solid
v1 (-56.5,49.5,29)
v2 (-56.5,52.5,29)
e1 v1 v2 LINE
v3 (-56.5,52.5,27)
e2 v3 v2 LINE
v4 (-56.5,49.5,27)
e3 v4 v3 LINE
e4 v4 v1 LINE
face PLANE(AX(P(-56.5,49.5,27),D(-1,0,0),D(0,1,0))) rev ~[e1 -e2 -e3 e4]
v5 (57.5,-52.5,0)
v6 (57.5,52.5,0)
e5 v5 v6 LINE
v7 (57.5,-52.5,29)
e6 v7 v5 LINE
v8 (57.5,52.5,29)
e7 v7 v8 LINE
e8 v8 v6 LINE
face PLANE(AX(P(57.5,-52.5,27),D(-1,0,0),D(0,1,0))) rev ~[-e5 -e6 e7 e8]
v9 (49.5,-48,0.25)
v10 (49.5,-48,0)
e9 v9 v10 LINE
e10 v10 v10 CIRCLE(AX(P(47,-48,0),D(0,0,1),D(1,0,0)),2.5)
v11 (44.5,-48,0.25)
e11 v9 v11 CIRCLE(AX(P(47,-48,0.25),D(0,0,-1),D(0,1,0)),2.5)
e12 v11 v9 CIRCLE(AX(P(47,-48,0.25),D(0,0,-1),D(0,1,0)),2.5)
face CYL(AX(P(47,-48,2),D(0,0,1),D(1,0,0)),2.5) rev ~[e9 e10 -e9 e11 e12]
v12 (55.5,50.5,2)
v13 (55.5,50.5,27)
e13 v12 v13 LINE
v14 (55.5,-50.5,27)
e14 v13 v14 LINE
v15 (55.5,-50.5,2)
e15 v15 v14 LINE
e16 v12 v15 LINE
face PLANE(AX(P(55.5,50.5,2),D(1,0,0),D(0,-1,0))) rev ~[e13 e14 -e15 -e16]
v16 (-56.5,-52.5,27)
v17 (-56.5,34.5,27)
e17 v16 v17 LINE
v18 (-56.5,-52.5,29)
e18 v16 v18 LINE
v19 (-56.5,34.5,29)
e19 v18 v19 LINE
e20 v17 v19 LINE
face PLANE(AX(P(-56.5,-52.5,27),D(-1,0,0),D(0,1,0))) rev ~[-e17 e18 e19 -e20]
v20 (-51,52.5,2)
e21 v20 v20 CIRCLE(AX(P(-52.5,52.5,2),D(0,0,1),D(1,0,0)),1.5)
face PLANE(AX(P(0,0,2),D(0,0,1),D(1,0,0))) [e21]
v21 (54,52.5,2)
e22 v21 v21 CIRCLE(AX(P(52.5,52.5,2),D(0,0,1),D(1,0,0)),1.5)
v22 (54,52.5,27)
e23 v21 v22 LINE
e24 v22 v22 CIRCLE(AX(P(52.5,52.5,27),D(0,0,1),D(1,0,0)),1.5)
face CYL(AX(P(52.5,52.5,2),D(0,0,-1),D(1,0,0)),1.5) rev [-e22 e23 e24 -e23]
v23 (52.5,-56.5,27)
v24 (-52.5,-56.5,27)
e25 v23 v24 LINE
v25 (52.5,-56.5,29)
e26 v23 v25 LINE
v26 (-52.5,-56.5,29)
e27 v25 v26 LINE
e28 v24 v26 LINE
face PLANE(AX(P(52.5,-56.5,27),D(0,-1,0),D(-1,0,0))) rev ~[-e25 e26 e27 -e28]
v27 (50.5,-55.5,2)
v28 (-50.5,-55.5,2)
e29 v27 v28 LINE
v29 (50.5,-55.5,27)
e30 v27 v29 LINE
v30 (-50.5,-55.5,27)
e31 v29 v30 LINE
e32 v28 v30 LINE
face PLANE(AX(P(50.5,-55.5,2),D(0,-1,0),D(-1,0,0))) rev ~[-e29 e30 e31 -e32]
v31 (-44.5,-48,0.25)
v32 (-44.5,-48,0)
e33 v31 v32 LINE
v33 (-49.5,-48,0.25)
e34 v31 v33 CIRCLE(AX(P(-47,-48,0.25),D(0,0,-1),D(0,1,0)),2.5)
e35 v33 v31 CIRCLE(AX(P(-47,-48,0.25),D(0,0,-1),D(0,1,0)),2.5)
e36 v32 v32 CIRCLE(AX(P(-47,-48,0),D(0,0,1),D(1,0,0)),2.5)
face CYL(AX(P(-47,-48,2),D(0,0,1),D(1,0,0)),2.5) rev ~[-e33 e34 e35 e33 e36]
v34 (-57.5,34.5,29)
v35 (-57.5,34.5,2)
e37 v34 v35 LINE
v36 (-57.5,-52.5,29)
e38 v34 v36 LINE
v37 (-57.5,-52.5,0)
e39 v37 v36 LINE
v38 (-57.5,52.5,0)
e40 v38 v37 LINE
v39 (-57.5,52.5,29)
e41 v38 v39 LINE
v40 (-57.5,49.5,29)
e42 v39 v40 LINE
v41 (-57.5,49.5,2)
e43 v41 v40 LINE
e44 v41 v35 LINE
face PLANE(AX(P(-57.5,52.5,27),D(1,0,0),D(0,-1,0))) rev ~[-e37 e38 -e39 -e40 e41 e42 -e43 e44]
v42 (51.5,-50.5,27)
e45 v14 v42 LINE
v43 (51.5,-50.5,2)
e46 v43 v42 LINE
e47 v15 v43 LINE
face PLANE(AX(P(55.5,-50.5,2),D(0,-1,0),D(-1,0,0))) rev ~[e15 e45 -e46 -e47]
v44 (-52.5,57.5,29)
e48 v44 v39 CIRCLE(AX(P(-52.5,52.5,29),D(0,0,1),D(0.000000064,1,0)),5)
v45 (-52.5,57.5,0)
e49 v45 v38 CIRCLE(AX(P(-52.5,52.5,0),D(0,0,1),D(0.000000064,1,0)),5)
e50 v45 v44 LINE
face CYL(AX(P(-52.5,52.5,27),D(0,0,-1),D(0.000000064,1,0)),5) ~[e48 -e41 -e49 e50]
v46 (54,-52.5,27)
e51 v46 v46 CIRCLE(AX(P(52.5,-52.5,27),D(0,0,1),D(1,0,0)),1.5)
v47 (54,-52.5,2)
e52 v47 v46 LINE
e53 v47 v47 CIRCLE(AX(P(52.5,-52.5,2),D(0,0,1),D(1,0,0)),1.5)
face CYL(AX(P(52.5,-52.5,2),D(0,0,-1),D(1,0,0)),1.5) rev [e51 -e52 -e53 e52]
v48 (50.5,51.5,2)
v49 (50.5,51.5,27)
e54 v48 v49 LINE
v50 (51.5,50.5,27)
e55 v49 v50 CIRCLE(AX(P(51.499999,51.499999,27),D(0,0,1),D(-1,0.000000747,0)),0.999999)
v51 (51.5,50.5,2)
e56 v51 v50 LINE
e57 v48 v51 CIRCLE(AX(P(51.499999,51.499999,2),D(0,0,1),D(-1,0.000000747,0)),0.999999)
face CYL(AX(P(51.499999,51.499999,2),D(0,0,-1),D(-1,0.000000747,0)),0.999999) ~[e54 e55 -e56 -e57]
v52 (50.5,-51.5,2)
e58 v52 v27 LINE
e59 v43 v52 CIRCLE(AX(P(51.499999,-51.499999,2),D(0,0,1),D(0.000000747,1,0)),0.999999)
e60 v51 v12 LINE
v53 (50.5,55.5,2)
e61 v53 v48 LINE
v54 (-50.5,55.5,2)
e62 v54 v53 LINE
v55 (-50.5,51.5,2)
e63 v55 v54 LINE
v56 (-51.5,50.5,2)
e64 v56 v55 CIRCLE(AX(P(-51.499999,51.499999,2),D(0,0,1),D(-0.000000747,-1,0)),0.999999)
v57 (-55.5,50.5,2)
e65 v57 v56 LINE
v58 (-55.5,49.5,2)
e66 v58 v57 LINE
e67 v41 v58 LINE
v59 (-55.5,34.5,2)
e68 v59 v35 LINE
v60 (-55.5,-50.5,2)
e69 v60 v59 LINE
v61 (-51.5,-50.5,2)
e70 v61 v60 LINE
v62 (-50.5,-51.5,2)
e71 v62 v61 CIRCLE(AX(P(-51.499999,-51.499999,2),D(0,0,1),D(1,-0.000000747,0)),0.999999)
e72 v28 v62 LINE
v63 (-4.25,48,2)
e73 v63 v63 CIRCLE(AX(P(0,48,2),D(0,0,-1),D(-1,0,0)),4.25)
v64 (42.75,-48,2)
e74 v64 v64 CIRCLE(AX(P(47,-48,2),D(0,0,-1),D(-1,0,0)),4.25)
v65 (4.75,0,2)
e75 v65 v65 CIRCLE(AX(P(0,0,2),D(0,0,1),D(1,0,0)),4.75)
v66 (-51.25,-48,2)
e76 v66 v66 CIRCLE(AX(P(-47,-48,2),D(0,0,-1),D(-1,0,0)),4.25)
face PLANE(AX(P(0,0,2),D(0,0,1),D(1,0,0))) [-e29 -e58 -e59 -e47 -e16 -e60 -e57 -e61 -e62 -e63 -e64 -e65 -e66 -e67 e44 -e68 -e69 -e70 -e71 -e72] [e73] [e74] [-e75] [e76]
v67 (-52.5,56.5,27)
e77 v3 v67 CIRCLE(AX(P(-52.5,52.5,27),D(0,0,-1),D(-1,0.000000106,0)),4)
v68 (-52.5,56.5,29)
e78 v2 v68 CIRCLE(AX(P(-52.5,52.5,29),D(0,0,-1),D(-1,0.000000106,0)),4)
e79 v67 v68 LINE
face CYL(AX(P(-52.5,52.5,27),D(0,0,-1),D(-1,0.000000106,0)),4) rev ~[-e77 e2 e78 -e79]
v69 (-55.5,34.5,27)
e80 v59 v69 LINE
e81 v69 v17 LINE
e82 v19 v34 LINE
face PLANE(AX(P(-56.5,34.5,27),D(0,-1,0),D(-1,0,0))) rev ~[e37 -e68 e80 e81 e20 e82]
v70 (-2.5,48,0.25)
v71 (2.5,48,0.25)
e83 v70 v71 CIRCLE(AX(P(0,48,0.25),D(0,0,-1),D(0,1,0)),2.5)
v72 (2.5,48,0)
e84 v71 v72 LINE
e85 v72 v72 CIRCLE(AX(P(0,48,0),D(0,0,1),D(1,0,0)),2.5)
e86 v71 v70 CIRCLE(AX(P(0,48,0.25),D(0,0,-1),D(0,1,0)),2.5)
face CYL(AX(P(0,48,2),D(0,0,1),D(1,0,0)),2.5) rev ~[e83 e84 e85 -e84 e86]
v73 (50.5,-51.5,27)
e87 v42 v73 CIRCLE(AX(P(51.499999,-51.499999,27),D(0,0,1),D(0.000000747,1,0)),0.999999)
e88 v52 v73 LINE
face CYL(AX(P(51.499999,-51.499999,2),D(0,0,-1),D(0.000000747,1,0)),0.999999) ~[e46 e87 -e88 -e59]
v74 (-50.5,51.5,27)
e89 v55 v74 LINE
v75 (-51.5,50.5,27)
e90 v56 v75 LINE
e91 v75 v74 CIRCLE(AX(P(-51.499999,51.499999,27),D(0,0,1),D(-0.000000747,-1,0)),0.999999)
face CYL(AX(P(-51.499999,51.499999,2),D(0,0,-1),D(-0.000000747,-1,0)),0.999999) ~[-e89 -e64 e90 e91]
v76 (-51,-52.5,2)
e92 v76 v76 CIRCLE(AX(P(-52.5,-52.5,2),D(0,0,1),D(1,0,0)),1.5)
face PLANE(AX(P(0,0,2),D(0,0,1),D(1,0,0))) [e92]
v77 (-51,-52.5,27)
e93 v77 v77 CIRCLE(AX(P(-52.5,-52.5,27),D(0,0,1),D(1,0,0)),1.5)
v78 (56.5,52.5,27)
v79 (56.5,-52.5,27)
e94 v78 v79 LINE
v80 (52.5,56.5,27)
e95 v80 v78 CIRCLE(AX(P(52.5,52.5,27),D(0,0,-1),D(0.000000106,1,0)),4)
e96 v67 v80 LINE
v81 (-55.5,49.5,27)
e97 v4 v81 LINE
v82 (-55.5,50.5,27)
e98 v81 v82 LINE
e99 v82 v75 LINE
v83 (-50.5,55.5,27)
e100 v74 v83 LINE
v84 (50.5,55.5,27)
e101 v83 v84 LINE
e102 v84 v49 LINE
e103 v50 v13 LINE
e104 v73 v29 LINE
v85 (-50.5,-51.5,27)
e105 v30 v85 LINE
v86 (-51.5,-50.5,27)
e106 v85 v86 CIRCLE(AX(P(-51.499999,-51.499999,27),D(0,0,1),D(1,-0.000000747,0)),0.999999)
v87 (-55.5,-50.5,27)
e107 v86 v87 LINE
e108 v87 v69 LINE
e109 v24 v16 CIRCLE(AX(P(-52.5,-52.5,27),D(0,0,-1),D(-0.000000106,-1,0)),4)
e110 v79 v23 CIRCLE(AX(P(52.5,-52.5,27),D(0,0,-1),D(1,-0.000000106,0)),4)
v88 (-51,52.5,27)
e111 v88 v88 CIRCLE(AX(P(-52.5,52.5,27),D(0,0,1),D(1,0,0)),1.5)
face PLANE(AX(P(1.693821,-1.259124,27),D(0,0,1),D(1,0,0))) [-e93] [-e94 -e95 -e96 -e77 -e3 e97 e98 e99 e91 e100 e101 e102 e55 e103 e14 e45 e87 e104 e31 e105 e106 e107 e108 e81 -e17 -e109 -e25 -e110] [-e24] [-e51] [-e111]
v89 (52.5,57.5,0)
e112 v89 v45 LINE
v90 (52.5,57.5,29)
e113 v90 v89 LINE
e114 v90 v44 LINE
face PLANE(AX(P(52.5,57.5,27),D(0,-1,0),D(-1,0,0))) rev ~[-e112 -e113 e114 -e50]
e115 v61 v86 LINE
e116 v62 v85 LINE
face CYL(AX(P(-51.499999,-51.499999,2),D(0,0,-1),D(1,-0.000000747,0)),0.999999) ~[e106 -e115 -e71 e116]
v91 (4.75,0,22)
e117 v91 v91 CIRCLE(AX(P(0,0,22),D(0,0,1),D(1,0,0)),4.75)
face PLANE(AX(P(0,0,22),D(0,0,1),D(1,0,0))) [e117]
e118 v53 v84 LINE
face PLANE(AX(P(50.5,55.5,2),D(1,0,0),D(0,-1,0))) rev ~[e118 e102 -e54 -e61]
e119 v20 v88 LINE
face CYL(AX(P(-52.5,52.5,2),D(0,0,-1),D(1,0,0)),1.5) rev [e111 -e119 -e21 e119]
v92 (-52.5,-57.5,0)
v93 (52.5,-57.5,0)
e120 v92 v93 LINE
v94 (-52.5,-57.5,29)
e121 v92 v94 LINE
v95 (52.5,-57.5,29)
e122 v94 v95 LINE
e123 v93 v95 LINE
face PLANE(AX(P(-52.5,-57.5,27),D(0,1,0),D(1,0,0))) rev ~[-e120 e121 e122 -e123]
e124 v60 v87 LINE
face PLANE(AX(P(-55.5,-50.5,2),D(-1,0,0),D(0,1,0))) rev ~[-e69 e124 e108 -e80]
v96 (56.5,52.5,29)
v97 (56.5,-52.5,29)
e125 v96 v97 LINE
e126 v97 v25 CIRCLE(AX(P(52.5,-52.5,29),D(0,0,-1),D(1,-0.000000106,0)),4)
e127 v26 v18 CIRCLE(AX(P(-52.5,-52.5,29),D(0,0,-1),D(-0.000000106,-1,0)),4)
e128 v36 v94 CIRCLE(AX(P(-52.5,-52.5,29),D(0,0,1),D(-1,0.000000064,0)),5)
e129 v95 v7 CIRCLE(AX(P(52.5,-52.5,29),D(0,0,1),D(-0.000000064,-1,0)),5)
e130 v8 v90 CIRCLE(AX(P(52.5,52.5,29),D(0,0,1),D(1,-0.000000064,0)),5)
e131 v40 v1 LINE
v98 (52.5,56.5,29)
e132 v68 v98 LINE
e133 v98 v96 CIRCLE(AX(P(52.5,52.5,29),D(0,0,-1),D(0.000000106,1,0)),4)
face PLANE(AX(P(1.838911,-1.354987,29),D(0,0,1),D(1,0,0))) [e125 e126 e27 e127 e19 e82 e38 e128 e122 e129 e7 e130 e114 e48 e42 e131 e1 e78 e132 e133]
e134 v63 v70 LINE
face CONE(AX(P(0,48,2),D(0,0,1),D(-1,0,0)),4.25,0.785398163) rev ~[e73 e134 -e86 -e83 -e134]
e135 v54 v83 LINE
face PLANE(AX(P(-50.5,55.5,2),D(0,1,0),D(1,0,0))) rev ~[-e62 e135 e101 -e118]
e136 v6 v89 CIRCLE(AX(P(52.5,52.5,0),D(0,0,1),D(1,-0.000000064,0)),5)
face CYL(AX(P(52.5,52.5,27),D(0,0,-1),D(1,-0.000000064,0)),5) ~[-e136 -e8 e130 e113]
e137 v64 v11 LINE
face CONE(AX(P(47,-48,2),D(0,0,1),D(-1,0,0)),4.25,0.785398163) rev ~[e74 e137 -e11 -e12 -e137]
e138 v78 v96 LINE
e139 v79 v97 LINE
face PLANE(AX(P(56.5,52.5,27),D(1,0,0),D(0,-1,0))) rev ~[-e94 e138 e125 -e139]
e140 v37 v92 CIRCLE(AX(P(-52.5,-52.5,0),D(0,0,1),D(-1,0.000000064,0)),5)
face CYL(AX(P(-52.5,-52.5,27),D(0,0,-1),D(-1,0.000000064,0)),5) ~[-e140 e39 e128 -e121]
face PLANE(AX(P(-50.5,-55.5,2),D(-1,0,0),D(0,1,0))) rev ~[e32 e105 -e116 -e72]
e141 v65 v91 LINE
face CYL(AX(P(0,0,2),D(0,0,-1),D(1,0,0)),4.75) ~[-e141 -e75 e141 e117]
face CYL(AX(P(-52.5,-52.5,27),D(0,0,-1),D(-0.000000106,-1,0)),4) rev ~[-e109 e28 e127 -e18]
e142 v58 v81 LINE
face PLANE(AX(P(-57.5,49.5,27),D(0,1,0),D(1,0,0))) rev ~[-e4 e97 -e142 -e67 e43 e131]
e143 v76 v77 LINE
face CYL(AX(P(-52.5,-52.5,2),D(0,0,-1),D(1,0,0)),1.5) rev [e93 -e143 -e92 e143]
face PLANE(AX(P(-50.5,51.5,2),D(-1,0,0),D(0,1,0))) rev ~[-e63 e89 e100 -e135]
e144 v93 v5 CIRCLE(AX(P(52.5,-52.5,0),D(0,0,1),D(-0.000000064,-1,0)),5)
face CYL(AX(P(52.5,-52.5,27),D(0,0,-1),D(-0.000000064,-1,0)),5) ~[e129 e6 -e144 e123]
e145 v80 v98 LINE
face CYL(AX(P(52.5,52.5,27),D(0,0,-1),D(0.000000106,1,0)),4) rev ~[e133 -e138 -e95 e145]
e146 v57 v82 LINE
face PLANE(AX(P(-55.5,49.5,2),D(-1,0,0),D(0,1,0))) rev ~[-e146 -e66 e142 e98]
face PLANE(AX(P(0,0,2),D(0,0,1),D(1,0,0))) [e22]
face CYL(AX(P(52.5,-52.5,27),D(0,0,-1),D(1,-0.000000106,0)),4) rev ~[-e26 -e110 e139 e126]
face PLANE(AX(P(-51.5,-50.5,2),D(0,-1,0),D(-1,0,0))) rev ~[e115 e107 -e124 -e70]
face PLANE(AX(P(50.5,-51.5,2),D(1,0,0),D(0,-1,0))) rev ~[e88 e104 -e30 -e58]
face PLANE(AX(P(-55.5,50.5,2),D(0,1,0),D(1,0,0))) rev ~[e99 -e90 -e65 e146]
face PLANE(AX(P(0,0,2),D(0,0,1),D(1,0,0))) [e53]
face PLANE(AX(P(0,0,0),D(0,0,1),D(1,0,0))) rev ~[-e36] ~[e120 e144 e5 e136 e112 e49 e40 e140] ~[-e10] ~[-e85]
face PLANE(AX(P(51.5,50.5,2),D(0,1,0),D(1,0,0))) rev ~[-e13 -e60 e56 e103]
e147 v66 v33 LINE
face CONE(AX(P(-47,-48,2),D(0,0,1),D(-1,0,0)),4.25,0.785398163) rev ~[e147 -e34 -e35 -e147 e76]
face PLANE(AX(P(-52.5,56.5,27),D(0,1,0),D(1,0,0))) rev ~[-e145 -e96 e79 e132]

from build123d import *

# Parameters (mm, degrees)
F1_DEPTH        = 2
F2_R            = 4.75
F3_DEPTH        = 20
F2_R_2          = 2.5
F4_DEPTH        = 2
F2_R_3          = 1.5
F5_DEPTH        = 25
F7_DEPTH        = 2
F8_D            = 5
F8_CSINK_D      = 8.5
F8_CSINK_ANGLE  = 90
F9_D            = 5
F9_CSINK_D      = 8.5
F9_CSINK_ANGLE  = 90
F10_D           = 5
F10_CSINK_D     = 8.5
F10_CSINK_ANGLE = 90


with BuildPart() as f1:
    # F0 (on Top) → F1 (new body)
    with BuildSketch(Plane.XY):
        with BuildLine():
            ThreePointArc((-57.5, -52.5), (-56.035534, -56.035534), (-52.5, -57.5))
            Line((-52.5, -57.5), (52.5, -57.5))
            ThreePointArc((52.5, -57.5), (56.035534, -56.035534), (57.5, -52.5))
            Line((57.5, -52.5), (57.5, 52.5))
            ThreePointArc((57.5, 52.5), (56.035534, 56.035534), (52.5, 57.5))
            Line((52.5, 57.5), (-52.5, 57.5))
            ThreePointArc((-52.5, 57.5), (-56.035534, 56.035534), (-57.5, 52.5))
            Line((-57.5, 52.5), (-57.5, -52.5))
        make_face()
    extrude(amount=F1_DEPTH)

    # F2 (on face) → F3 (join)
    with BuildSketch(Plane.XY.offset(2)):
        Circle(F2_R)
    extrude(amount=F3_DEPTH)

    # F2 (on face) → F4 (cut)
    with BuildSketch(Plane.XY.offset(2)):
        with Locations((47, -48)):
            Circle(F2_R_2)
        with Locations((0, 48)):
            Circle(F2_R_2)
        with Locations((-47, -48)):
            Circle(F2_R_2)
    extrude(amount=-F4_DEPTH, mode=Mode.SUBTRACT)

    # F2 (on face) → F5 (join)
    with BuildSketch(Plane.XY.offset(2)):
        with BuildLine():
            Line((-55.5, 49.5), (-55.5, 50.5))
            Line((-55.5, 50.5), (-51.5, 50.5))
            ThreePointArc((-51.5, 50.5), (-50.792893, 50.792893), (-50.5, 51.5))
            Line((-50.5, 51.5), (-50.5, 55.5))
            Line((-50.5, 55.5), (50.5, 55.5))
            Line((50.5, 55.5), (50.5, 51.5))
            ThreePointArc((50.5, 51.5), (50.792893, 50.792893), (51.5, 50.5))
            Line((51.5, 50.5), (55.5, 50.5))
            Line((55.5, 50.5), (55.5, -50.5))
            Line((55.5, -50.5), (51.5, -50.5))
            ThreePointArc((51.5, -50.5), (50.792893, -50.792893), (50.5, -51.5))
            Line((50.5, -51.5), (50.5, -55.5))
            Line((50.5, -55.5), (-50.5, -55.5))
            Line((-50.5, -55.5), (-50.5, -51.5))
            ThreePointArc((-50.5, -51.5), (-50.792893, -50.792893), (-51.5, -50.5))
            Line((-51.5, -50.5), (-55.5, -50.5))
            Line((-55.5, -50.5), (-55.5, 34.5))
            Line((-55.5, 34.5), (-57.5, 34.5))
            Line((-57.5, 34.5), (-57.5, -52.5))
            ThreePointArc((-57.5, -52.5), (-56.035534, -56.035534), (-52.5, -57.5))
            Line((-52.5, -57.5), (52.5, -57.5))
            ThreePointArc((52.5, -57.5), (56.035534, -56.035534), (57.5, -52.5))
            Line((57.5, -52.5), (57.5, 52.5))
            ThreePointArc((57.5, 52.5), (56.035534, 56.035534), (52.5, 57.5))
            Line((52.5, 57.5), (-52.5, 57.5))
            ThreePointArc((-52.5, 57.5), (-56.035534, 56.035534), (-57.5, 52.5))
            Line((-57.5, 52.5), (-57.5, 49.5))
            Line((-57.5, 49.5), (-55.5, 49.5))
        make_face()
        with Locations((-52.5, -52.5)):
            Circle(F2_R_3, mode=Mode.SUBTRACT)
        with Locations((52.5, -52.5)):
            Circle(F2_R_3, mode=Mode.SUBTRACT)
        with Locations((-52.5, 52.5)):
            Circle(F2_R_3, mode=Mode.SUBTRACT)
        with Locations((52.5, 52.5)):
            Circle(F2_R_3, mode=Mode.SUBTRACT)
    extrude(amount=F5_DEPTH)

    # F6 (on face) → F7 (join)
    with BuildSketch(Plane.XY.offset(27)):
        with BuildLine():
            Line((52.5, 57.5), (-52.5, 57.5))
            ThreePointArc((-52.5, 57.5), (-56.035534, 56.035534), (-57.5, 52.5))
            Line((-57.5, 52.5), (-57.5, 49.5))
            Line((-57.5, 49.5), (-56.5, 49.5))
            Line((-56.5, 49.5), (-56.5, 52.5))
            ThreePointArc((-56.5, 52.5), (-55.328427, 55.328427), (-52.5, 56.5))
            Line((-52.5, 56.5), (52.5, 56.5))
            ThreePointArc((52.5, 56.5), (55.328427, 55.328427), (56.5, 52.5))
            Line((56.5, 52.5), (56.5, -52.5))
            ThreePointArc((56.5, -52.5), (55.328427, -55.328427), (52.5, -56.5))
            Line((52.5, -56.5), (-52.5, -56.5))
            ThreePointArc((-52.5, -56.5), (-55.328427, -55.328427), (-56.5, -52.5))
            Line((-56.5, -52.5), (-56.5, 34.5))
            Line((-56.5, 34.5), (-57.5, 34.5))
            Line((-57.5, 34.5), (-57.5, -52.5))
            ThreePointArc((-57.5, -52.5), (-56.035534, -56.035534), (-52.5, -57.5))
            Line((-52.5, -57.5), (52.5, -57.5))
            ThreePointArc((52.5, -57.5), (56.035534, -56.035534), (57.5, -52.5))
            Line((57.5, -52.5), (57.5, 52.5))
            ThreePointArc((57.5, 52.5), (56.035534, 56.035534), (52.5, 57.5))
        make_face()
    extrude(amount=F7_DEPTH)

    # F8 (through all)
    with Locations(Plane.XY.offset(2)):
        with Locations((0, 48)):
            CounterSinkHole(F8_D / 2, F8_CSINK_D / 2, counter_sink_angle=F8_CSINK_ANGLE)

    # F9 (through all)
    with Locations(Plane.XY.offset(2)):
        with Locations((47, -48)):
            CounterSinkHole(F9_D / 2, F9_CSINK_D / 2, counter_sink_angle=F9_CSINK_ANGLE)

    # F10 (through all)
    with Locations(Plane.XY.offset(2)):
        with Locations((-47, -48)):
            CounterSinkHole(F10_D / 2, F10_CSINK_D / 2, counter_sink_angle=F10_CSINK_ANGLE)


solid = f1.part
